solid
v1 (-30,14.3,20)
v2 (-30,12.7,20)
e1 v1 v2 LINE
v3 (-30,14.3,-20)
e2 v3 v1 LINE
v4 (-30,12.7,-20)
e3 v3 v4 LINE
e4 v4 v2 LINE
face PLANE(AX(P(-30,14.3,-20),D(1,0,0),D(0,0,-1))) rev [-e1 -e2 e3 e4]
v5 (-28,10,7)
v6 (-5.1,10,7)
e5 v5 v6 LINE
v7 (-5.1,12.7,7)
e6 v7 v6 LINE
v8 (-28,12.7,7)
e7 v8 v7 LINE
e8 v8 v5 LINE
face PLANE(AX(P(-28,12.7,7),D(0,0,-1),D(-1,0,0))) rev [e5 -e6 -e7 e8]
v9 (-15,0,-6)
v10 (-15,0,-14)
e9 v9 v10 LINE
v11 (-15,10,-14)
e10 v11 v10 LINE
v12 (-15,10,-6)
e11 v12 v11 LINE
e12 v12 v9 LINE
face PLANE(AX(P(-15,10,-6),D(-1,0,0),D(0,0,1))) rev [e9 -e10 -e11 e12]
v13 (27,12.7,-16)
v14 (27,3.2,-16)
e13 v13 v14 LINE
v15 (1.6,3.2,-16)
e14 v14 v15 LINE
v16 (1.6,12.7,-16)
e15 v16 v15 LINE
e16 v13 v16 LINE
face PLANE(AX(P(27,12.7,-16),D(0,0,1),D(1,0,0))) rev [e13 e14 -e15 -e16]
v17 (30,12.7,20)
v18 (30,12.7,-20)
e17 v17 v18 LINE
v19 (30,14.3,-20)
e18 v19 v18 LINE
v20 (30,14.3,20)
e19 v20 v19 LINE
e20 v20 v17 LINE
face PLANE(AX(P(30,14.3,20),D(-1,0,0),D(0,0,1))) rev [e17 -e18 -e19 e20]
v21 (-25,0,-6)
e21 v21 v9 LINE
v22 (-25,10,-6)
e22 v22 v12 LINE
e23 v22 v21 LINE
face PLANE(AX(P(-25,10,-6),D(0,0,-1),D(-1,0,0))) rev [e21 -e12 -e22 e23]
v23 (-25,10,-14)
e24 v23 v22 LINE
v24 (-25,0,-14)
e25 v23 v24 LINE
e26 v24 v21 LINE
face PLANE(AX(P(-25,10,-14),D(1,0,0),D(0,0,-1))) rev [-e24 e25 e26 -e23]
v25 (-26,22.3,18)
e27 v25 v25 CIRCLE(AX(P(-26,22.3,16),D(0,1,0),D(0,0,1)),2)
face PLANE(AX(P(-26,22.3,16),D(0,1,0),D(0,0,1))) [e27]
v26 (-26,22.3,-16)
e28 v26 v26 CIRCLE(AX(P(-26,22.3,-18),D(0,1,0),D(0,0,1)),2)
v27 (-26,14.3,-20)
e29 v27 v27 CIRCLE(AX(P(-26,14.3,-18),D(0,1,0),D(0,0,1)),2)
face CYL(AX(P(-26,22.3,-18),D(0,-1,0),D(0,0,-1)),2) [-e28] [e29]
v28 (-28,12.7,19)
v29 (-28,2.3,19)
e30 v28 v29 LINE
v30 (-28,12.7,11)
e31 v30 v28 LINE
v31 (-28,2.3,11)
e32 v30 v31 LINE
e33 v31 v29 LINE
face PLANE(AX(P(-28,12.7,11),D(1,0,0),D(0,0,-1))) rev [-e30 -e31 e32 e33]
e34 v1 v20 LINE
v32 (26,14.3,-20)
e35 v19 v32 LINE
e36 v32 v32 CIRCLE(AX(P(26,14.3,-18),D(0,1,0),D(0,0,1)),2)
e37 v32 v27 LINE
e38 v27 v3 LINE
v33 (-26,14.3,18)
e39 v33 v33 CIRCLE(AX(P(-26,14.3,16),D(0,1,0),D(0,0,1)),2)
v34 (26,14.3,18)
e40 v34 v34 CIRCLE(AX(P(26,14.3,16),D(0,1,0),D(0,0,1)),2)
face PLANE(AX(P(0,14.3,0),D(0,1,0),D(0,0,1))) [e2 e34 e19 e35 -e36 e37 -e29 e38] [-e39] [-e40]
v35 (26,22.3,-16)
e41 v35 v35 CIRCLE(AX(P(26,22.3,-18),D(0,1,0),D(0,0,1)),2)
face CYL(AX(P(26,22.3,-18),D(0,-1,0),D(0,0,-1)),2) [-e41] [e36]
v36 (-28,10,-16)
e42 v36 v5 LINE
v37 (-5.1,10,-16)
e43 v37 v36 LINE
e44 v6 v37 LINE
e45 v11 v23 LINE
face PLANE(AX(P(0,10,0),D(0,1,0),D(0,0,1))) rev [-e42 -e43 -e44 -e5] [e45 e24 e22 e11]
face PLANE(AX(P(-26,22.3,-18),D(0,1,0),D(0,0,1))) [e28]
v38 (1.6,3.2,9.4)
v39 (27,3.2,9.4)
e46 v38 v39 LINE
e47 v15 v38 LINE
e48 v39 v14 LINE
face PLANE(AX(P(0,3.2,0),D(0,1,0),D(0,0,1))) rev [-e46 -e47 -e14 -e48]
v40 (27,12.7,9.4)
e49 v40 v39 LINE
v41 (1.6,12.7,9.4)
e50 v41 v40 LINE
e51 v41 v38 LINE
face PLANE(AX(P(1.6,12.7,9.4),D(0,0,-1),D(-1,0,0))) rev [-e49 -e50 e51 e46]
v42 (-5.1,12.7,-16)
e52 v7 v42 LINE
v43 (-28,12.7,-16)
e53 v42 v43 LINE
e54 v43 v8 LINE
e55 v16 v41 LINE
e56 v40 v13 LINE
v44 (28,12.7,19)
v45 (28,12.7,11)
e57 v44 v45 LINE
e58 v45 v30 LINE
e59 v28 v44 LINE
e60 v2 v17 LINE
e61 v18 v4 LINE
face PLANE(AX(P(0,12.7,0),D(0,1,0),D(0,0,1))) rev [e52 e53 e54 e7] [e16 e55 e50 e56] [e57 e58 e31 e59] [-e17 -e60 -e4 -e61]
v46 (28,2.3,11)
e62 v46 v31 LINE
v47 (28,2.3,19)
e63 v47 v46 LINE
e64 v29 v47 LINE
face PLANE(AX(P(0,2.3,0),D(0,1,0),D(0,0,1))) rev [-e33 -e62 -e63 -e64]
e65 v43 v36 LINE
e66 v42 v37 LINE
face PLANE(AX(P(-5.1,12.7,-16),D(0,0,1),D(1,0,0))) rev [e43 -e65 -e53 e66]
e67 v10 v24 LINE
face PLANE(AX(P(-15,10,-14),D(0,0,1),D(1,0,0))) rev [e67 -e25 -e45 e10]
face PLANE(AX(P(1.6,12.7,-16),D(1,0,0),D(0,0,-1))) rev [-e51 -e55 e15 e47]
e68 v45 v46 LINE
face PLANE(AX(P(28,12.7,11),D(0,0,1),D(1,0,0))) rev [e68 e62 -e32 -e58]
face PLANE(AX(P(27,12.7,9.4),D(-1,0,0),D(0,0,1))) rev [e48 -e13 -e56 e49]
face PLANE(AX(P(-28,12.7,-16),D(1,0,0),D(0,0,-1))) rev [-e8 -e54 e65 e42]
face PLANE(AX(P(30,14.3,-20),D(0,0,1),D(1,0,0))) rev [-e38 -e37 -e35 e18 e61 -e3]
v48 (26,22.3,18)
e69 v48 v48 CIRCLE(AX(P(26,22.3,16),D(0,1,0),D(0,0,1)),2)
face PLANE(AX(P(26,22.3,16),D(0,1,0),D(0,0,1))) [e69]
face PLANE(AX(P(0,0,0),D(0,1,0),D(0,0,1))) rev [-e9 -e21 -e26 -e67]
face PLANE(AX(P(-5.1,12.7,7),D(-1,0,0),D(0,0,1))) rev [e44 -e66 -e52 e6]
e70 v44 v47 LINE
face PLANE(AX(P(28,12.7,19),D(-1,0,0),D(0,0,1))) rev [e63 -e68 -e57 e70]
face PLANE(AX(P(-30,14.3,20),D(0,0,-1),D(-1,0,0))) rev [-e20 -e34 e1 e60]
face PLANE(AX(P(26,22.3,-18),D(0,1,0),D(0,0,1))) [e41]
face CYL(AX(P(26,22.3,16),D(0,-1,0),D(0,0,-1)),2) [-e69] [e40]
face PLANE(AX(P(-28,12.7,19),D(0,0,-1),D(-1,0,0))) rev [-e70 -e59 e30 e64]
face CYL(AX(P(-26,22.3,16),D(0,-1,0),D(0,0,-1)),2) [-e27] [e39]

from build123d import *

# Parameters (mm, degrees)
P01_STANDOFF_START             = 14.3
SK_P01_STANDOFF_R              = 2
P01_STANDOFF_DEPTH             = 8
P02_STANDOFF_START             = 14.3
SK_P02_STANDOFF_R              = 2
P02_STANDOFF_DEPTH             = 8
P03_STANDOFF_START             = 14.3
SK_P03_STANDOFF_R              = 2
P03_STANDOFF_DEPTH             = 8
P04_STANDOFF_START             = 14.3
SK_P04_STANDOFF_R              = 2
P04_STANDOFF_DEPTH             = 8
P05_CARRIERBOARD_START         = 12.7
SK_P05_CARRIERBOARD_W          = 60
SK_P05_CARRIERBOARD_H          = 40
P05_CARRIERBOARD_DEPTH         = 1.6
P06_INA2603SENSOR_START        = 10
SK_P06_INA2603SENSOR_W         = 22.9
SK_P06_INA2603SENSOR_H         = 23
P06_INA2603SENSOR_DEPTH        = 2.7
SK_P07_INA260TERMINALBLOCK_W   = 10
SK_P07_INA260TERMINALBLOCK_H   = 8
P07_INA260TERMINALBLOCK_DEPTH  = 10
P08_BUCKBD36V50F55V_START      = 3.2
SK_P08_BUCKBD36V50F55V_W       = 25.4
SK_P08_BUCKBD36V50F55V_H       = 25.4
P08_BUCKBD36V50F55V_DEPTH      = 9.5
P09_JSTXHHEADERSFACEDOWN_START = 2.3
SK_P09_JSTXHHEADERSFACEDOWN_W  = 56
SK_P09_JSTXHHEADERSFACEDOWN_H  = 8
P09_JSTXHHEADERSFACEDOWN_DEPTH = 10.4


with BuildPart() as part:
    # SK_P01_Standoff → P01_Standoff (new body)
    with BuildSketch(Plane(origin=(0, 0, 0), x_dir=(1, 0, 0), z_dir=(0, 1, 0)).offset(P01_STANDOFF_START)):
        with Locations(Location((-26, 18, 0), (0, 0, 270))):
            Circle(SK_P01_STANDOFF_R)
    extrude(amount=P01_STANDOFF_DEPTH)



with BuildPart() as body_2:
    # SK_P02_Standoff → P02_Standoff (new body)
    with BuildSketch(Plane(origin=(0, 0, 0), x_dir=(1, 0, 0), z_dir=(0, 1, 0)).offset(P02_STANDOFF_START)):
        with Locations(Location((-26, -16, 0), (0, 0, 270))):
            Circle(SK_P02_STANDOFF_R)
    extrude(amount=P02_STANDOFF_DEPTH)


with BuildPart() as body_3:
    # SK_P03_Standoff → P03_Standoff (new body)
    with BuildSketch(Plane(origin=(0, 0, 0), x_dir=(1, 0, 0), z_dir=(0, 1, 0)).offset(P03_STANDOFF_START)):
        with Locations(Location((26, 18, 0), (0, 0, 270))):
            Circle(SK_P03_STANDOFF_R)
    extrude(amount=P03_STANDOFF_DEPTH)


with BuildPart() as body_4:
    # SK_P04_Standoff → P04_Standoff (new body)
    with BuildSketch(Plane(origin=(0, 0, 0), x_dir=(1, 0, 0), z_dir=(0, 1, 0)).offset(P04_STANDOFF_START)):
        with Locations(Location((26, -16, 0), (0, 0, 270))):
            Circle(SK_P04_STANDOFF_R)
    extrude(amount=P04_STANDOFF_DEPTH)


with BuildPart() as part_1:
    add(part.part)

    add(body_2.part)  # P05_Carrierboard merges body 2

    add(body_3.part)  # P05_Carrierboard merges body 3

    add(body_4.part)  # P05_Carrierboard merges body 4
    # SK_P05_Carrierboard → P05_Carrierboard (add)
    with BuildSketch(Plane(origin=(0, 0, 0), x_dir=(1, 0, 0), z_dir=(0, 1, 0)).offset(P05_CARRIERBOARD_START)):
        Rectangle(SK_P05_CARRIERBOARD_W, SK_P05_CARRIERBOARD_H)
    extrude(amount=P05_CARRIERBOARD_DEPTH)

    # SK_P06_INA2603sensor → P06_INA2603sensor (add)
    with BuildSketch(Plane(origin=(0, 0, 0), x_dir=(1, 0, 0), z_dir=(0, 1, 0)).offset(P06_INA2603SENSOR_START)):
        with Locations((-16.55, 4.5)):
            Rectangle(SK_P06_INA2603SENSOR_W, SK_P06_INA2603SENSOR_H)
    extrude(amount=P06_INA2603SENSOR_DEPTH)

    # SK_P07_INA260terminalblock → P07_INA260terminalblock (add)
    with BuildSketch(Plane(origin=(0, 0, 0), x_dir=(1, 0, 0), z_dir=(0, 1, 0))):
        with Locations((-20, 10)):
            Rectangle(SK_P07_INA260TERMINALBLOCK_W, SK_P07_INA260TERMINALBLOCK_H)
    extrude(amount=P07_INA260TERMINALBLOCK_DEPTH)

    # SK_P08_BuckBD36V50F55V → P08_BuckBD36V50F55V (add)
    with BuildSketch(Plane(origin=(0, 0, 0), x_dir=(1, 0, 0), z_dir=(0, 1, 0)).offset(P08_BUCKBD36V50F55V_START)):
        with Locations((14.3, 3.3)):
            Rectangle(SK_P08_BUCKBD36V50F55V_W, SK_P08_BUCKBD36V50F55V_H)
    extrude(amount=P08_BUCKBD36V50F55V_DEPTH)

    # SK_P09_JSTXHheadersfacedown → P09_JSTXHheadersfacedown (add)
    with BuildSketch(Plane(origin=(0, 0, 0), x_dir=(1, 0, 0), z_dir=(0, 1, 0)).offset(P09_JSTXHHEADERSFACEDOWN_START)):
        with Locations((0, -15)):
            Rectangle(SK_P09_JSTXHHEADERSFACEDOWN_W, SK_P09_JSTXHHEADERSFACEDOWN_H)
    extrude(amount=P09_JSTXHHEADERSFACEDOWN_DEPTH)


solid = part_1.part
